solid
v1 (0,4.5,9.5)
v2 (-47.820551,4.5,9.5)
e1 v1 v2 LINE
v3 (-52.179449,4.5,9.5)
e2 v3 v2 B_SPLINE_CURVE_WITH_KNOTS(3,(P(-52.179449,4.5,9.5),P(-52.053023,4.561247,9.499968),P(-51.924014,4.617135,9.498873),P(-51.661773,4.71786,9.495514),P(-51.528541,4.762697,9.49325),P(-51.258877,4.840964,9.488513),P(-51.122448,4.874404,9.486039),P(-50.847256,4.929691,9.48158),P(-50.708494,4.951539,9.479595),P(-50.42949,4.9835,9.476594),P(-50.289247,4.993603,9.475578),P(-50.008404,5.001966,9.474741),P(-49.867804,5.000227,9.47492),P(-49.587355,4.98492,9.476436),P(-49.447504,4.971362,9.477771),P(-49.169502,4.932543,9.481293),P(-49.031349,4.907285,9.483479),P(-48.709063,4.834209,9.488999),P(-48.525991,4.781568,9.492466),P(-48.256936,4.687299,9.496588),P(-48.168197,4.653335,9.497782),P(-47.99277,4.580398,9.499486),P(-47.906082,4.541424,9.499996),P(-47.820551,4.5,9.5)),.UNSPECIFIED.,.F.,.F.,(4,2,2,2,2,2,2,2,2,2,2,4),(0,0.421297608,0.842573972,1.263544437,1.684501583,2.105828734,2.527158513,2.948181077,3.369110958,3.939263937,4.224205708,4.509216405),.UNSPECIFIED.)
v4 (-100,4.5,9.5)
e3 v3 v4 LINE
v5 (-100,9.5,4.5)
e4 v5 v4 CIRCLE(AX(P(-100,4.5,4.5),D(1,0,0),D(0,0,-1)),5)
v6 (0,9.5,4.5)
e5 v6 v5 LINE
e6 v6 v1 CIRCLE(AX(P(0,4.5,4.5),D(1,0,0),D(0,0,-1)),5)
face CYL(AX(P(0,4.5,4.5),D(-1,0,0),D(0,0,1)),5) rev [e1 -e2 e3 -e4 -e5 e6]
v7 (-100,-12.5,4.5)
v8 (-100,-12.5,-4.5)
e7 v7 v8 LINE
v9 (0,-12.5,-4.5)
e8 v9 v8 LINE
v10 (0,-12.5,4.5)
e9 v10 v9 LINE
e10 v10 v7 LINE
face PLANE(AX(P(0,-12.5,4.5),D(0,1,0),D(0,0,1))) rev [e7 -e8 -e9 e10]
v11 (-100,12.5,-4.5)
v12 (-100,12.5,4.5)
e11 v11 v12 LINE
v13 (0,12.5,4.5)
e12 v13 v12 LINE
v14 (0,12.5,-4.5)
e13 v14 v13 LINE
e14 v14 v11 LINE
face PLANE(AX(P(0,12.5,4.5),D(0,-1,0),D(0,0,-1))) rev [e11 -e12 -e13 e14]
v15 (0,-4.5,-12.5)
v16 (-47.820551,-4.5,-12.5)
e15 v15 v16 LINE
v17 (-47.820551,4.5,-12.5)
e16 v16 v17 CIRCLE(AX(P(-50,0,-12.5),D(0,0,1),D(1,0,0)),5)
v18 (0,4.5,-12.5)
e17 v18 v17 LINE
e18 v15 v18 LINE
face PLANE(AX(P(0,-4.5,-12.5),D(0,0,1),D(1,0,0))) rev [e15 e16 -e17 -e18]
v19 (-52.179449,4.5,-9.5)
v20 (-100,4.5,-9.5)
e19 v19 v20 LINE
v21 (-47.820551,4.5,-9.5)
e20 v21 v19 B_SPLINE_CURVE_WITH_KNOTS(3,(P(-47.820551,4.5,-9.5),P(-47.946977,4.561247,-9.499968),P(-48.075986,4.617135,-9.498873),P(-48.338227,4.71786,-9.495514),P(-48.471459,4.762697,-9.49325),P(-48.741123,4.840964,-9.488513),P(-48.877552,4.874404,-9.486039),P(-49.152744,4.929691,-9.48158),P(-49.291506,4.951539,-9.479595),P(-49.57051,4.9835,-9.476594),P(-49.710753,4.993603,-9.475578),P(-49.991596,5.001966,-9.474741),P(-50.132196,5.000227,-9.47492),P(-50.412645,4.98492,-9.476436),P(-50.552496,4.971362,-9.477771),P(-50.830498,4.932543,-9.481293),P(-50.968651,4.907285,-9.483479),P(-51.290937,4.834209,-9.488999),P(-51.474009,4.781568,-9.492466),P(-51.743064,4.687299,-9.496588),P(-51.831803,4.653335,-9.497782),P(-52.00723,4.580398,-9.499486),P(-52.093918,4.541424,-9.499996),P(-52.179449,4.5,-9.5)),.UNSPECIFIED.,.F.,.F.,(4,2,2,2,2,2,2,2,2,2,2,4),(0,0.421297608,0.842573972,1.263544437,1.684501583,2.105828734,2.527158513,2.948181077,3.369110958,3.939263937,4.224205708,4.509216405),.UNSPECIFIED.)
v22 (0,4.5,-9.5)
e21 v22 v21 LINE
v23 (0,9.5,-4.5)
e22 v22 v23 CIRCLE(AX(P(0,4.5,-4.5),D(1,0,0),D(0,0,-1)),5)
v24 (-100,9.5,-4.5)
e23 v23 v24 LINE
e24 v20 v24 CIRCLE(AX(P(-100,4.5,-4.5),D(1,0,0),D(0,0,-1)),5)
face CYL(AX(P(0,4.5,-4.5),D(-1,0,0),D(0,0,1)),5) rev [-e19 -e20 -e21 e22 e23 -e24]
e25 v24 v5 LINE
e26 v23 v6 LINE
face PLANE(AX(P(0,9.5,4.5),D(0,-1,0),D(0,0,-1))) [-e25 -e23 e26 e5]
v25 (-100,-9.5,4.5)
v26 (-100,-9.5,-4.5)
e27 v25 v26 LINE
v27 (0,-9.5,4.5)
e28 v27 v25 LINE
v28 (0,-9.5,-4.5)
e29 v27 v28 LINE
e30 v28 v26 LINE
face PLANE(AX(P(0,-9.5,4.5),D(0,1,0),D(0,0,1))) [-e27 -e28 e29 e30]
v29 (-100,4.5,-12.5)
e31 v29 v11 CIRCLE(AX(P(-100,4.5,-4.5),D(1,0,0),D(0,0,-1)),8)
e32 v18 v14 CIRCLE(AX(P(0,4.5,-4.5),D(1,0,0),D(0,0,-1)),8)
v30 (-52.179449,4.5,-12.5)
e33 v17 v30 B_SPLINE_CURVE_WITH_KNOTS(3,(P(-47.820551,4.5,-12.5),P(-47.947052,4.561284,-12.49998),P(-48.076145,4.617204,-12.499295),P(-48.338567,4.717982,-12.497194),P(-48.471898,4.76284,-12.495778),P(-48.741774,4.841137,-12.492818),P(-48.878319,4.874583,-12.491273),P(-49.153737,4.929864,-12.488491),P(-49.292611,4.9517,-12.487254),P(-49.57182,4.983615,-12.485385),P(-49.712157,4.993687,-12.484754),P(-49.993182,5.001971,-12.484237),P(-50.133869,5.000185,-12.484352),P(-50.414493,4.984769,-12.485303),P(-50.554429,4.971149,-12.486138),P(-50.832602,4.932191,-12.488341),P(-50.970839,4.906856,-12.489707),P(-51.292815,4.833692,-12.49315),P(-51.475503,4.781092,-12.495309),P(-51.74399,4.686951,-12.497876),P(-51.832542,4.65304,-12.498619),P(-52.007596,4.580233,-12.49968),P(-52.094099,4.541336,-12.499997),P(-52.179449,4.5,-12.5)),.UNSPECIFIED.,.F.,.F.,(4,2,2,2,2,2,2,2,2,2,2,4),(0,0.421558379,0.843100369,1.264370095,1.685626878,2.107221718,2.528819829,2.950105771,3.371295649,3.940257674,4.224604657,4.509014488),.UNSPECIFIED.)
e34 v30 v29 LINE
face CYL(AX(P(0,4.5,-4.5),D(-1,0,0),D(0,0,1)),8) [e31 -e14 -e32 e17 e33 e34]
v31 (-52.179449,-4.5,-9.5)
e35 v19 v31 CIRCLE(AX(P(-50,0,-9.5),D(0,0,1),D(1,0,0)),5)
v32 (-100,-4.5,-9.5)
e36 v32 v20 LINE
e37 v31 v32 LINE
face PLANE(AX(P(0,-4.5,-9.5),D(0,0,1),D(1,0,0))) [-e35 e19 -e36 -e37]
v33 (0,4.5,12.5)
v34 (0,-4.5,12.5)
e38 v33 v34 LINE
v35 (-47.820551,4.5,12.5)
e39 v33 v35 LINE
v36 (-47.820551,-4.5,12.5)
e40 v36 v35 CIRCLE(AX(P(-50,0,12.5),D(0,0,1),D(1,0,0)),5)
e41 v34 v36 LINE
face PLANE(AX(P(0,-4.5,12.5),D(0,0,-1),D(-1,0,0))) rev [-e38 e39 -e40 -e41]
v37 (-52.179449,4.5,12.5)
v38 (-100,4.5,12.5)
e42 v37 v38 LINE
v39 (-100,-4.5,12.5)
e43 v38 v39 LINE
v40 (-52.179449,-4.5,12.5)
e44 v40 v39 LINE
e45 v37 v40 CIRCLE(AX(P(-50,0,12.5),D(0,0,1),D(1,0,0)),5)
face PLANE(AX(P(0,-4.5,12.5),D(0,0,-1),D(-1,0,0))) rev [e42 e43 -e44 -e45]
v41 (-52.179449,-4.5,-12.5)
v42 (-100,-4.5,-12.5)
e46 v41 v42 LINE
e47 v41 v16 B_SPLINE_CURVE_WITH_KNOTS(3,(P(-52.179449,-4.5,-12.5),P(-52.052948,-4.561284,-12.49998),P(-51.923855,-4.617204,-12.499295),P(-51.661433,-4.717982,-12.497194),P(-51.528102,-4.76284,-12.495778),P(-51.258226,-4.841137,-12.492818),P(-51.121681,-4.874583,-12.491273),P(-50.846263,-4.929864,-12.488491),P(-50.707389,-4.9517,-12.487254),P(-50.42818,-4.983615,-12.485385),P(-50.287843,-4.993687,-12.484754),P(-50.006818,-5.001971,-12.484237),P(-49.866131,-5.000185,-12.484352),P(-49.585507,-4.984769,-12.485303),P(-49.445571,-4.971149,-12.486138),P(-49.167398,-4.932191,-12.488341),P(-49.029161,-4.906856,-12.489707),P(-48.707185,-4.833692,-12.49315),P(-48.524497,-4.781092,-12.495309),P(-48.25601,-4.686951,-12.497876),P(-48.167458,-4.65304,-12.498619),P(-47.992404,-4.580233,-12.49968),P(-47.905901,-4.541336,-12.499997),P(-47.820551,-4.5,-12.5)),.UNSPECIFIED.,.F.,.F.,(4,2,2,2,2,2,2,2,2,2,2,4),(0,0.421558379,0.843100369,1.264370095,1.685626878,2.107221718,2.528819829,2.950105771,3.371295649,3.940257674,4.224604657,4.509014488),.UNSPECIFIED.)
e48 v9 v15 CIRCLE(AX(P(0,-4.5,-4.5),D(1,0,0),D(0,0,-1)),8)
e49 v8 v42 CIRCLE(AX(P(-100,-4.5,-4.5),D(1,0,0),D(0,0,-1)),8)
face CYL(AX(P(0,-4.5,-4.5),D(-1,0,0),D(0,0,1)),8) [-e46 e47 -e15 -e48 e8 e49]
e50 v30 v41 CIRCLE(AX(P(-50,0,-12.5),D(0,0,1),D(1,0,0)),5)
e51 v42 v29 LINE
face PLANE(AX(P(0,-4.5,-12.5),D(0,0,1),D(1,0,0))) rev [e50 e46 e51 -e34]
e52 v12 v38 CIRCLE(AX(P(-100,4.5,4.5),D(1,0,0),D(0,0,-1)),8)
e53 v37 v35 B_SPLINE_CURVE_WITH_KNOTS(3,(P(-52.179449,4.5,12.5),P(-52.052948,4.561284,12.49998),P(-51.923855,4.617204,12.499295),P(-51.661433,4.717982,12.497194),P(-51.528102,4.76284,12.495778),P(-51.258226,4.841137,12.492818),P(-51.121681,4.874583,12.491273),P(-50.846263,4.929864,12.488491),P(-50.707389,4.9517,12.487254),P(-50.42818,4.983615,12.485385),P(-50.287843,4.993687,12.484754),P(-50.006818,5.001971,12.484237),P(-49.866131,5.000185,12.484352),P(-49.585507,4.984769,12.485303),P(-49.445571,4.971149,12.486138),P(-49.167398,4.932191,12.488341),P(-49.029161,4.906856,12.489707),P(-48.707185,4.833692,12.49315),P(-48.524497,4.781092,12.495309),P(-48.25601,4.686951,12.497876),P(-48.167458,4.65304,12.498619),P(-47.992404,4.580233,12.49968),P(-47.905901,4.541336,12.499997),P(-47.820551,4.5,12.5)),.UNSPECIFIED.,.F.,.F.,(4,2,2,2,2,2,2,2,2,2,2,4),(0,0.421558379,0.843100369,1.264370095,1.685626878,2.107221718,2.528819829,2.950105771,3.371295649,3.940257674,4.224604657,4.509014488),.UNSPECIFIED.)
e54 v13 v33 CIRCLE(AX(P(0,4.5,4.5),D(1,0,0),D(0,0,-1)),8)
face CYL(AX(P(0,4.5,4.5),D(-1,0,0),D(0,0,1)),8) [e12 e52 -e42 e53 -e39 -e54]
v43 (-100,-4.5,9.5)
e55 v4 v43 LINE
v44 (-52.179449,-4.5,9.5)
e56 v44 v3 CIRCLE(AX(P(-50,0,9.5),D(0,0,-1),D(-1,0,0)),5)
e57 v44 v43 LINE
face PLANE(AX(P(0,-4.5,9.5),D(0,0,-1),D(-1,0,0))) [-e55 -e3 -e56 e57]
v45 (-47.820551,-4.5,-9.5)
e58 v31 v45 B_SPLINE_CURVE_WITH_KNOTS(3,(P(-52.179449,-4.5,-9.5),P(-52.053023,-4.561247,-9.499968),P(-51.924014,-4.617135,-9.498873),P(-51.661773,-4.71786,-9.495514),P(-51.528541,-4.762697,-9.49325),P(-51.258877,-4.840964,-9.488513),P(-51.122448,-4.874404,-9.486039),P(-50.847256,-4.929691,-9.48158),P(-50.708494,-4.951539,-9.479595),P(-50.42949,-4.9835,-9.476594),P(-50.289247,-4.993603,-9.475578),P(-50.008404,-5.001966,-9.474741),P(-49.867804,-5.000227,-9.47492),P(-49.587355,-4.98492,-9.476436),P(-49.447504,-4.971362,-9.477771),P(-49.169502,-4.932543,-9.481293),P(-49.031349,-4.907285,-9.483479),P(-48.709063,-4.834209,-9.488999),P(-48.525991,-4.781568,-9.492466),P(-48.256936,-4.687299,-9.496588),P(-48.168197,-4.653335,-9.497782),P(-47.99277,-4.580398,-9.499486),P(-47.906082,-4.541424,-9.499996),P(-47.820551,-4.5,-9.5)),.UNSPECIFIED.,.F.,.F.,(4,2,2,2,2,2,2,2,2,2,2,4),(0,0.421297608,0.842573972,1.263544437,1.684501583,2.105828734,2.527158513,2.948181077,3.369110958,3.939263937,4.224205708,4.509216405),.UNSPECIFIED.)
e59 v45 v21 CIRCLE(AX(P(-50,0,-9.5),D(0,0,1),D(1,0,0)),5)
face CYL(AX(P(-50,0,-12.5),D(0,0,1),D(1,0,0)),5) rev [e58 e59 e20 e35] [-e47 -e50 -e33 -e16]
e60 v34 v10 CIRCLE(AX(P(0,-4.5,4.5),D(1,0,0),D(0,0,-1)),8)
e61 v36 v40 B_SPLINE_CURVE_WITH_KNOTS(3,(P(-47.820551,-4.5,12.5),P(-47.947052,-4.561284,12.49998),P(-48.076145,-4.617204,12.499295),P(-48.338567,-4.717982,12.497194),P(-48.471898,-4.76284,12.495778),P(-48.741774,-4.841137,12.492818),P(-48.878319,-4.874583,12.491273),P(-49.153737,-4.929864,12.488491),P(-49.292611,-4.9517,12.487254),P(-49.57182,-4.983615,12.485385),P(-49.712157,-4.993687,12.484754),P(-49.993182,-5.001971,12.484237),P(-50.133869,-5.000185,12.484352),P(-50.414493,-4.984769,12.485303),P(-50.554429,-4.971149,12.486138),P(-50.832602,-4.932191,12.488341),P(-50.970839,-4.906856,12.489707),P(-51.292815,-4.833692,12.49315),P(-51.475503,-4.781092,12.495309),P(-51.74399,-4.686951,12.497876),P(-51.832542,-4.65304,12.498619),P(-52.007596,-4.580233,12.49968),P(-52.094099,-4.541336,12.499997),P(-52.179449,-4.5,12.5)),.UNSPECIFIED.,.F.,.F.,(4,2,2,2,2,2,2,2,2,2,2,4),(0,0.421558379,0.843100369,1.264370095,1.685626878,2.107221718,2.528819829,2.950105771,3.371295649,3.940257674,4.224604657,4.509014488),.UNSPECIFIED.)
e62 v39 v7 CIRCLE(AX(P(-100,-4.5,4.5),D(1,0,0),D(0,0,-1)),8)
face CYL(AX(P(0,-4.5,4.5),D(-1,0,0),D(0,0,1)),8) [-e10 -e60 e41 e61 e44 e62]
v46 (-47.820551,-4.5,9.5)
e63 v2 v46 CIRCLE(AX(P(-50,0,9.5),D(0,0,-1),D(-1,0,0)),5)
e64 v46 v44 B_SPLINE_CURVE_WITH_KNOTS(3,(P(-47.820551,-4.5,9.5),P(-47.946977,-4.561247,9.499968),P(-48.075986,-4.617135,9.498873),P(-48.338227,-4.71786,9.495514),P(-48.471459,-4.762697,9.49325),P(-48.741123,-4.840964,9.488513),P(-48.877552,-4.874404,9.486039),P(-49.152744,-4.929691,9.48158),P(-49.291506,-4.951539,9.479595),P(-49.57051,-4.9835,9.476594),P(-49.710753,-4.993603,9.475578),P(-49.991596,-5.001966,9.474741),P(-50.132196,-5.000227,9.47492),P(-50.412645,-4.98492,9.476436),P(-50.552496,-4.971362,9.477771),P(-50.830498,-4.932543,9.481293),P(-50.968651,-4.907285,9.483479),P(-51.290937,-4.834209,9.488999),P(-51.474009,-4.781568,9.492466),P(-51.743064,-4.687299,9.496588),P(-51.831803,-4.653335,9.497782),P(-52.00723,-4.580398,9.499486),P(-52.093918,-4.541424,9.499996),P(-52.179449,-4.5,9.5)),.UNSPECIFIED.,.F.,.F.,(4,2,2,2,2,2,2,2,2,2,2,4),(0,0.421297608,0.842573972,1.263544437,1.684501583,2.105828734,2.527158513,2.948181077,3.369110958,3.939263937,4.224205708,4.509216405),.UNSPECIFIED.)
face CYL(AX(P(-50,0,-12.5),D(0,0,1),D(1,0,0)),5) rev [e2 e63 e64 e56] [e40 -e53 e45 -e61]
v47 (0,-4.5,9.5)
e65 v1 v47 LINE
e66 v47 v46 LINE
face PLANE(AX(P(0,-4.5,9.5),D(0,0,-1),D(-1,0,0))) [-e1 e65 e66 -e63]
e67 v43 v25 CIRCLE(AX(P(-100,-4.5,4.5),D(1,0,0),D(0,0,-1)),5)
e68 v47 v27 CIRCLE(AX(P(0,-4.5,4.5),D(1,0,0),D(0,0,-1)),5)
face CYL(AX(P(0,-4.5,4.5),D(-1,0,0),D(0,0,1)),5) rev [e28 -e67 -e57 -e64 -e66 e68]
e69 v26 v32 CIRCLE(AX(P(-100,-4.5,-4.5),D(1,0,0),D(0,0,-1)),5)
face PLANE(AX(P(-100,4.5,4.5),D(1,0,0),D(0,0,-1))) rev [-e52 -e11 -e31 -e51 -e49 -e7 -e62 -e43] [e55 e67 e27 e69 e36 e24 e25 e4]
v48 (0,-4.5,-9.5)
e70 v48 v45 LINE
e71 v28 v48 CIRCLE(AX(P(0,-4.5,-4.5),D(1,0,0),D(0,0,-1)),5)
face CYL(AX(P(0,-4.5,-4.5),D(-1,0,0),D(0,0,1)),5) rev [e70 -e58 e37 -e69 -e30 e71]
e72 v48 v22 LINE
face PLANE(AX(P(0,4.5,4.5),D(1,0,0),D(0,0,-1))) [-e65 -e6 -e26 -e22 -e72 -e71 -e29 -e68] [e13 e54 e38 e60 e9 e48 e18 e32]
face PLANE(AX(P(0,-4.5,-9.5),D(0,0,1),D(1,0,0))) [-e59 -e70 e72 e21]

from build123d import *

# Parameters (mm, degrees)
CUT_EXTRUDE1_DEPTH      = 102.550480058
CUT_EXTRUDE1_DEPTH_BACK = 102.550480058
SKETCH3_R               = 5


with BuildPart() as part:
    # Sweep-Thin1: sweep along a path in Sketch1
    with BuildLine(Plane(origin=(0, 0, 0), x_dir=(1, 0, 0), z_dir=(0, 1, 0))) as sweep_thin1_path:
        Line((0, 0), (-100, 0))
    # Sketch2 → Sweep-Thin1 (sweep)
    with BuildSketch(Plane(origin=(0, 0, 0), x_dir=(0, 0, -1), z_dir=(1, 0, 0))):
        with BuildLine():
            Line((4.5, 12.5), (-4.5, 12.5))
            ThreePointArc((-4.5, 12.5), (-10.156854249, 10.156854249), (-12.5, 4.5))
            Line((-12.5, 4.5), (-12.5, -4.5))
            ThreePointArc((-12.5, -4.5), (-10.156854249, -10.156854249), (-4.5, -12.5))
            Line((-4.5, -12.5), (4.5, -12.5))
            ThreePointArc((4.5, -12.5), (10.156854249, -10.156854249), (12.5, -4.5))
            Line((12.5, -4.5), (12.5, 4.5))
            ThreePointArc((12.5, 4.5), (10.156854249, 10.156854249), (4.5, 12.5))
        make_face()
        with BuildLine():
            Line((4.5, 9.5), (-4.5, 9.5))
            ThreePointArc((-4.5, 9.5), (-8.035533906, 8.035533906), (-9.5, 4.5))
            Line((-9.5, 4.5), (-9.5, -4.5))
            ThreePointArc((-9.5, -4.5), (-8.035533906, -8.035533906), (-4.5, -9.5))
            Line((-4.5, -9.5), (4.5, -9.5))
            ThreePointArc((4.5, -9.5), (8.035533906, -8.035533906), (9.5, -4.5))
            Line((9.5, -4.5), (9.5, 4.5))
            ThreePointArc((9.5, 4.5), (8.035533906, 8.035533906), (4.5, 9.5))
        make_face(mode=Mode.SUBTRACT)
    sweep(path=sweep_thin1_path.line)

    # Sketch3 → Cut-Extrude1 (cut, two sides: drawn at the far end of the back side and taken through both)
    with BuildSketch(Plane.XY.offset(-CUT_EXTRUDE1_DEPTH_BACK)):
        with Locations(Location((-50, 0, 0), (0, 0, 64.158067237))):
            Circle(SKETCH3_R)
    extrude(amount=CUT_EXTRUDE1_DEPTH + CUT_EXTRUDE1_DEPTH_BACK, mode=Mode.SUBTRACT)


solid = part.part
